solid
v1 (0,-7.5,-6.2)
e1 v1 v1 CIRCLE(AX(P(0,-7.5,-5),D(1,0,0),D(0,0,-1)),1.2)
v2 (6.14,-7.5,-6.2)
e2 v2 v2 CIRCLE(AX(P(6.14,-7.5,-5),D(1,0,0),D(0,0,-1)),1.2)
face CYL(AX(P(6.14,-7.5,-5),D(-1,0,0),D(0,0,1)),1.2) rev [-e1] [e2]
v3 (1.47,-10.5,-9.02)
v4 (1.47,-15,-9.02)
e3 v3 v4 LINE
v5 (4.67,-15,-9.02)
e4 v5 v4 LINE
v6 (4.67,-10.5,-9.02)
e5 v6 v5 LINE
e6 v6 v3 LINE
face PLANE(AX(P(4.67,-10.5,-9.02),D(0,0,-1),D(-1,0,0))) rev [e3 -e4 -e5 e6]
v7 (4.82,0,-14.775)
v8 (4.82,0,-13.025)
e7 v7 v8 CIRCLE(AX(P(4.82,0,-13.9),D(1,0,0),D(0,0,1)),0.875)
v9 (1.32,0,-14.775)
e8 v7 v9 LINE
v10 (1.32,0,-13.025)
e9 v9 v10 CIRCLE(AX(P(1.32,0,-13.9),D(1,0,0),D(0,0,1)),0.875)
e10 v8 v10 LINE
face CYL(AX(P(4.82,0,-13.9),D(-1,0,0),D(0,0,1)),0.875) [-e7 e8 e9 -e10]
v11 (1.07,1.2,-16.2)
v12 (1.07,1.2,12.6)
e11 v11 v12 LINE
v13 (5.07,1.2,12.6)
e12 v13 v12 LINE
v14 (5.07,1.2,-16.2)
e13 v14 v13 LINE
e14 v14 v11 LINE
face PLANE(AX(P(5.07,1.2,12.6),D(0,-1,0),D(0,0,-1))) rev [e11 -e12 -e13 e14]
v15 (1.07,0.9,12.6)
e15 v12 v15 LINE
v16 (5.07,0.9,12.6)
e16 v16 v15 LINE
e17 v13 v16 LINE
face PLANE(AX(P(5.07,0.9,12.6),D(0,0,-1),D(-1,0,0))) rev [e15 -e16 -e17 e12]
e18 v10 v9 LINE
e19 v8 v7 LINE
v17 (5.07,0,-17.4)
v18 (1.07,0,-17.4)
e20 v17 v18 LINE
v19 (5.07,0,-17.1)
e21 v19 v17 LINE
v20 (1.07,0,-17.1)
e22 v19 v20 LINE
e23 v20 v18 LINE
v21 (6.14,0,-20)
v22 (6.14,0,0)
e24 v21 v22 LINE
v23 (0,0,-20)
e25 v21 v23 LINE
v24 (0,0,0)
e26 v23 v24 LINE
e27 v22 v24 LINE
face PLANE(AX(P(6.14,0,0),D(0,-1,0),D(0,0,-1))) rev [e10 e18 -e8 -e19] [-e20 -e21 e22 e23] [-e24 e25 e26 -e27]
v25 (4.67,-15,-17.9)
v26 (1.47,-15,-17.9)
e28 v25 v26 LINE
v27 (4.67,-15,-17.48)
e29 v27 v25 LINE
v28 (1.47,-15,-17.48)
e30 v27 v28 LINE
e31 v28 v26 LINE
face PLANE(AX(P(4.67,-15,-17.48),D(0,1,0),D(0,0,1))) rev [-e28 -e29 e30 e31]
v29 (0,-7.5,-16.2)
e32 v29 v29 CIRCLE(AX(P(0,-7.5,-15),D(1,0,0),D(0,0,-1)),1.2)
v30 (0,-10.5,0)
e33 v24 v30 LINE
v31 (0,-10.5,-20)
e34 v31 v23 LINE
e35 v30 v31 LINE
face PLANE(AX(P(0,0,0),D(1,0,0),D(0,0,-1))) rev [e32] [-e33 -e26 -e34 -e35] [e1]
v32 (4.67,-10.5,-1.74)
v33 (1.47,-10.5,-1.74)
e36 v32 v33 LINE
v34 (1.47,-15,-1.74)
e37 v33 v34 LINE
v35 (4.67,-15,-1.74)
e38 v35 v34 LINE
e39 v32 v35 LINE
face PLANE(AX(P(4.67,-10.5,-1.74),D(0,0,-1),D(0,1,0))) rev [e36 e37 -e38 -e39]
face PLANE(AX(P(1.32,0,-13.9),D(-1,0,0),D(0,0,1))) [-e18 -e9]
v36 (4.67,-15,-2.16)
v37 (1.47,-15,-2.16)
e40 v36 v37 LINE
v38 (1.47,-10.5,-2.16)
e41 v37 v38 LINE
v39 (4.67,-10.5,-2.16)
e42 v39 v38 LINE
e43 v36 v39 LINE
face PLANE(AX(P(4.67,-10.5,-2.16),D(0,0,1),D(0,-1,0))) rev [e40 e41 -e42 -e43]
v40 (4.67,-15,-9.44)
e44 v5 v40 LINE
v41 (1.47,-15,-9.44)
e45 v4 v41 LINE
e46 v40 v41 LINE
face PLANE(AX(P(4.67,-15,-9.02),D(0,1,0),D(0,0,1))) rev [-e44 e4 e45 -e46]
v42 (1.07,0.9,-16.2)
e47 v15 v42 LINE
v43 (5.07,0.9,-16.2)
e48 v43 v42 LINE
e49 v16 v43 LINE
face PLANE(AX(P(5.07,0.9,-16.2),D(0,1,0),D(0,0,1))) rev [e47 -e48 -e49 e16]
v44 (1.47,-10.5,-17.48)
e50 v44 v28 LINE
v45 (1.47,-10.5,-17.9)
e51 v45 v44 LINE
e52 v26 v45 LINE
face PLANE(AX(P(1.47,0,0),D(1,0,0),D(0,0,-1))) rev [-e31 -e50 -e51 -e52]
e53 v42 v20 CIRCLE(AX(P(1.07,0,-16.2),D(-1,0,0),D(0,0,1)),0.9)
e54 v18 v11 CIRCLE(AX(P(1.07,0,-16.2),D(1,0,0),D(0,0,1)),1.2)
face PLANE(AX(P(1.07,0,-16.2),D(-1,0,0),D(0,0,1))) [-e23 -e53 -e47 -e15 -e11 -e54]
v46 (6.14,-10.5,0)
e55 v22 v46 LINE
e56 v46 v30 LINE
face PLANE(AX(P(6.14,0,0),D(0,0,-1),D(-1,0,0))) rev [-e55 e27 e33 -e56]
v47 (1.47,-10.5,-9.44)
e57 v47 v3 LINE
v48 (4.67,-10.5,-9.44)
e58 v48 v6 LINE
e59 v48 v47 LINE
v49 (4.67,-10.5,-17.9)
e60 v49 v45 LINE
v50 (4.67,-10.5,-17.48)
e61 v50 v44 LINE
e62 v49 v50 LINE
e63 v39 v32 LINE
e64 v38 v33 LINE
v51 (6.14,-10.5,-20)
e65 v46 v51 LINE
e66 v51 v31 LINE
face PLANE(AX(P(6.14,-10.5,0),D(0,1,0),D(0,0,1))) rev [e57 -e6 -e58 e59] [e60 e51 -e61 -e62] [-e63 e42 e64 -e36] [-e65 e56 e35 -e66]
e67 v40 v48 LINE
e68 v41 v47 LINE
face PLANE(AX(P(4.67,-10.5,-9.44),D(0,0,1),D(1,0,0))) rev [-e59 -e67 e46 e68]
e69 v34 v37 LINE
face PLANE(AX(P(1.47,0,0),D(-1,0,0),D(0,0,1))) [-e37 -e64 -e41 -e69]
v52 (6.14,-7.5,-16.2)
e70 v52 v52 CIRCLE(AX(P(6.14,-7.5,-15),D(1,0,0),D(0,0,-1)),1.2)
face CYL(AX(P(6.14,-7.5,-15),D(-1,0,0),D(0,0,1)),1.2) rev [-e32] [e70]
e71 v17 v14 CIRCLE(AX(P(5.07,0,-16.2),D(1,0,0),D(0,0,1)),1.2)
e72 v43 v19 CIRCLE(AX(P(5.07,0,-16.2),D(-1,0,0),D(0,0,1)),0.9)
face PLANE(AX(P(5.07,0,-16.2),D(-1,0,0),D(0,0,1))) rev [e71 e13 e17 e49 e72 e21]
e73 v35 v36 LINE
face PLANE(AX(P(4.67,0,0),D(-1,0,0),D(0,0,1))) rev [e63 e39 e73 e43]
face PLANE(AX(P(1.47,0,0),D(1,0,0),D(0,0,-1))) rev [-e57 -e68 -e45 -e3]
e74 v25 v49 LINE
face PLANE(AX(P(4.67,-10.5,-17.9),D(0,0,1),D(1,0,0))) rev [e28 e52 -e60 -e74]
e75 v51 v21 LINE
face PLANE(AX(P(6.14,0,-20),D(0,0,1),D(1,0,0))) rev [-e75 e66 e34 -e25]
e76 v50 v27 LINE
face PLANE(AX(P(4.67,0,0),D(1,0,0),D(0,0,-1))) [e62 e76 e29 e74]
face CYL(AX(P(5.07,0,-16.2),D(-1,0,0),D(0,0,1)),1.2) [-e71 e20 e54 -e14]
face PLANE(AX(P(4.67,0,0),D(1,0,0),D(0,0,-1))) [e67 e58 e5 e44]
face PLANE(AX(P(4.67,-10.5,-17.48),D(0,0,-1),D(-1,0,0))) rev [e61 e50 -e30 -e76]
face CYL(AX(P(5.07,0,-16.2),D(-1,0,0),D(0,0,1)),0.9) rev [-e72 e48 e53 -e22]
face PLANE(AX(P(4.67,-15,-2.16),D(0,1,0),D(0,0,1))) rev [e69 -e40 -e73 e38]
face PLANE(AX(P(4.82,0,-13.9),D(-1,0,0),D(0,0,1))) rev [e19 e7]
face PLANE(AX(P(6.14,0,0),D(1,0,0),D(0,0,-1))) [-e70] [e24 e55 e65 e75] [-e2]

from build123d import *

# Parameters (mm, degrees)
SKETCH1_W           = 20
SKETCH1_H           = 10.5
SKETCH1_R           = 1.2
BOSS_EXTRUDE1_DEPTH = 6.14
BOSS_EXTRUDE2_DEPTH = 2
BOSS_EXTRUDE5_DEPTH = 1.75
SKETCH4_W           = 0.42
SKETCH4_H           = 4.5
BOSS_EXTRUDE6_DEPTH = 1.6


with BuildPart() as part:
    # Sketch1 → Boss-Extrude1 (new body)
    with BuildSketch(Plane(origin=(0, 0, 0), x_dir=(0, 0, -1), z_dir=(1, 0, 0))):
        with Locations((10, -5.25)):
            Rectangle(SKETCH1_W, SKETCH1_H)
        with Locations((5, -7.5)):
            Circle(SKETCH1_R, mode=Mode.SUBTRACT)
        with Locations((15, -7.5)):
            Circle(SKETCH1_R, mode=Mode.SUBTRACT)
    extrude(amount=BOSS_EXTRUDE1_DEPTH)

    # Sketch2 → Boss-Extrude2 (add, symmetric)
    with BuildSketch(Plane(origin=(3.07, 0, 0), x_dir=(0, 0, -1), z_dir=(1, 0, 0))):
        with BuildLine():
            Line((16.2, 0.9), (-12.6, 0.9))
            Line((-12.6, 0.9), (-12.6, 1.2))
            Line((-12.6, 1.2), (16.2, 1.2))
            ThreePointArc((16.2, 1.2), (17.048528137, 0.848528137), (17.4, 0))
            Line((17.4, 0), (17.1, 0))
            ThreePointArc((17.1, 0), (16.836396103, 0.636396103), (16.2, 0.9))
        make_face()
    extrude(amount=BOSS_EXTRUDE2_DEPTH, both=True)

    # Sketch3 → Boss-Extrude5 (add, symmetric)
    with BuildSketch(Plane(origin=(3.07, 0, 0), x_dir=(0, 0, -1), z_dir=(1, 0, 0))):
        with BuildLine():
            Line((13.025, 0), (14.775, 0))
            ThreePointArc((14.775, 0), (13.9, 0.875), (13.025, 0))
        make_face()
    extrude(amount=BOSS_EXTRUDE5_DEPTH, both=True)

    # Sketch4 → Boss-Extrude6 (add, symmetric)
    with BuildSketch(Plane(origin=(3.07, 0, 0), x_dir=(0, 0, -1), z_dir=(1, 0, 0))):
        with Locations((1.95, -12.75)):
            Rectangle(SKETCH4_W, SKETCH4_H)
        with Locations((9.23, -12.75)):
            Rectangle(SKETCH4_W, SKETCH4_H)
        with Locations((17.69, -12.75)):
            Rectangle(SKETCH4_W, SKETCH4_H)
    extrude(amount=BOSS_EXTRUDE6_DEPTH, both=True)


solid = part.part
